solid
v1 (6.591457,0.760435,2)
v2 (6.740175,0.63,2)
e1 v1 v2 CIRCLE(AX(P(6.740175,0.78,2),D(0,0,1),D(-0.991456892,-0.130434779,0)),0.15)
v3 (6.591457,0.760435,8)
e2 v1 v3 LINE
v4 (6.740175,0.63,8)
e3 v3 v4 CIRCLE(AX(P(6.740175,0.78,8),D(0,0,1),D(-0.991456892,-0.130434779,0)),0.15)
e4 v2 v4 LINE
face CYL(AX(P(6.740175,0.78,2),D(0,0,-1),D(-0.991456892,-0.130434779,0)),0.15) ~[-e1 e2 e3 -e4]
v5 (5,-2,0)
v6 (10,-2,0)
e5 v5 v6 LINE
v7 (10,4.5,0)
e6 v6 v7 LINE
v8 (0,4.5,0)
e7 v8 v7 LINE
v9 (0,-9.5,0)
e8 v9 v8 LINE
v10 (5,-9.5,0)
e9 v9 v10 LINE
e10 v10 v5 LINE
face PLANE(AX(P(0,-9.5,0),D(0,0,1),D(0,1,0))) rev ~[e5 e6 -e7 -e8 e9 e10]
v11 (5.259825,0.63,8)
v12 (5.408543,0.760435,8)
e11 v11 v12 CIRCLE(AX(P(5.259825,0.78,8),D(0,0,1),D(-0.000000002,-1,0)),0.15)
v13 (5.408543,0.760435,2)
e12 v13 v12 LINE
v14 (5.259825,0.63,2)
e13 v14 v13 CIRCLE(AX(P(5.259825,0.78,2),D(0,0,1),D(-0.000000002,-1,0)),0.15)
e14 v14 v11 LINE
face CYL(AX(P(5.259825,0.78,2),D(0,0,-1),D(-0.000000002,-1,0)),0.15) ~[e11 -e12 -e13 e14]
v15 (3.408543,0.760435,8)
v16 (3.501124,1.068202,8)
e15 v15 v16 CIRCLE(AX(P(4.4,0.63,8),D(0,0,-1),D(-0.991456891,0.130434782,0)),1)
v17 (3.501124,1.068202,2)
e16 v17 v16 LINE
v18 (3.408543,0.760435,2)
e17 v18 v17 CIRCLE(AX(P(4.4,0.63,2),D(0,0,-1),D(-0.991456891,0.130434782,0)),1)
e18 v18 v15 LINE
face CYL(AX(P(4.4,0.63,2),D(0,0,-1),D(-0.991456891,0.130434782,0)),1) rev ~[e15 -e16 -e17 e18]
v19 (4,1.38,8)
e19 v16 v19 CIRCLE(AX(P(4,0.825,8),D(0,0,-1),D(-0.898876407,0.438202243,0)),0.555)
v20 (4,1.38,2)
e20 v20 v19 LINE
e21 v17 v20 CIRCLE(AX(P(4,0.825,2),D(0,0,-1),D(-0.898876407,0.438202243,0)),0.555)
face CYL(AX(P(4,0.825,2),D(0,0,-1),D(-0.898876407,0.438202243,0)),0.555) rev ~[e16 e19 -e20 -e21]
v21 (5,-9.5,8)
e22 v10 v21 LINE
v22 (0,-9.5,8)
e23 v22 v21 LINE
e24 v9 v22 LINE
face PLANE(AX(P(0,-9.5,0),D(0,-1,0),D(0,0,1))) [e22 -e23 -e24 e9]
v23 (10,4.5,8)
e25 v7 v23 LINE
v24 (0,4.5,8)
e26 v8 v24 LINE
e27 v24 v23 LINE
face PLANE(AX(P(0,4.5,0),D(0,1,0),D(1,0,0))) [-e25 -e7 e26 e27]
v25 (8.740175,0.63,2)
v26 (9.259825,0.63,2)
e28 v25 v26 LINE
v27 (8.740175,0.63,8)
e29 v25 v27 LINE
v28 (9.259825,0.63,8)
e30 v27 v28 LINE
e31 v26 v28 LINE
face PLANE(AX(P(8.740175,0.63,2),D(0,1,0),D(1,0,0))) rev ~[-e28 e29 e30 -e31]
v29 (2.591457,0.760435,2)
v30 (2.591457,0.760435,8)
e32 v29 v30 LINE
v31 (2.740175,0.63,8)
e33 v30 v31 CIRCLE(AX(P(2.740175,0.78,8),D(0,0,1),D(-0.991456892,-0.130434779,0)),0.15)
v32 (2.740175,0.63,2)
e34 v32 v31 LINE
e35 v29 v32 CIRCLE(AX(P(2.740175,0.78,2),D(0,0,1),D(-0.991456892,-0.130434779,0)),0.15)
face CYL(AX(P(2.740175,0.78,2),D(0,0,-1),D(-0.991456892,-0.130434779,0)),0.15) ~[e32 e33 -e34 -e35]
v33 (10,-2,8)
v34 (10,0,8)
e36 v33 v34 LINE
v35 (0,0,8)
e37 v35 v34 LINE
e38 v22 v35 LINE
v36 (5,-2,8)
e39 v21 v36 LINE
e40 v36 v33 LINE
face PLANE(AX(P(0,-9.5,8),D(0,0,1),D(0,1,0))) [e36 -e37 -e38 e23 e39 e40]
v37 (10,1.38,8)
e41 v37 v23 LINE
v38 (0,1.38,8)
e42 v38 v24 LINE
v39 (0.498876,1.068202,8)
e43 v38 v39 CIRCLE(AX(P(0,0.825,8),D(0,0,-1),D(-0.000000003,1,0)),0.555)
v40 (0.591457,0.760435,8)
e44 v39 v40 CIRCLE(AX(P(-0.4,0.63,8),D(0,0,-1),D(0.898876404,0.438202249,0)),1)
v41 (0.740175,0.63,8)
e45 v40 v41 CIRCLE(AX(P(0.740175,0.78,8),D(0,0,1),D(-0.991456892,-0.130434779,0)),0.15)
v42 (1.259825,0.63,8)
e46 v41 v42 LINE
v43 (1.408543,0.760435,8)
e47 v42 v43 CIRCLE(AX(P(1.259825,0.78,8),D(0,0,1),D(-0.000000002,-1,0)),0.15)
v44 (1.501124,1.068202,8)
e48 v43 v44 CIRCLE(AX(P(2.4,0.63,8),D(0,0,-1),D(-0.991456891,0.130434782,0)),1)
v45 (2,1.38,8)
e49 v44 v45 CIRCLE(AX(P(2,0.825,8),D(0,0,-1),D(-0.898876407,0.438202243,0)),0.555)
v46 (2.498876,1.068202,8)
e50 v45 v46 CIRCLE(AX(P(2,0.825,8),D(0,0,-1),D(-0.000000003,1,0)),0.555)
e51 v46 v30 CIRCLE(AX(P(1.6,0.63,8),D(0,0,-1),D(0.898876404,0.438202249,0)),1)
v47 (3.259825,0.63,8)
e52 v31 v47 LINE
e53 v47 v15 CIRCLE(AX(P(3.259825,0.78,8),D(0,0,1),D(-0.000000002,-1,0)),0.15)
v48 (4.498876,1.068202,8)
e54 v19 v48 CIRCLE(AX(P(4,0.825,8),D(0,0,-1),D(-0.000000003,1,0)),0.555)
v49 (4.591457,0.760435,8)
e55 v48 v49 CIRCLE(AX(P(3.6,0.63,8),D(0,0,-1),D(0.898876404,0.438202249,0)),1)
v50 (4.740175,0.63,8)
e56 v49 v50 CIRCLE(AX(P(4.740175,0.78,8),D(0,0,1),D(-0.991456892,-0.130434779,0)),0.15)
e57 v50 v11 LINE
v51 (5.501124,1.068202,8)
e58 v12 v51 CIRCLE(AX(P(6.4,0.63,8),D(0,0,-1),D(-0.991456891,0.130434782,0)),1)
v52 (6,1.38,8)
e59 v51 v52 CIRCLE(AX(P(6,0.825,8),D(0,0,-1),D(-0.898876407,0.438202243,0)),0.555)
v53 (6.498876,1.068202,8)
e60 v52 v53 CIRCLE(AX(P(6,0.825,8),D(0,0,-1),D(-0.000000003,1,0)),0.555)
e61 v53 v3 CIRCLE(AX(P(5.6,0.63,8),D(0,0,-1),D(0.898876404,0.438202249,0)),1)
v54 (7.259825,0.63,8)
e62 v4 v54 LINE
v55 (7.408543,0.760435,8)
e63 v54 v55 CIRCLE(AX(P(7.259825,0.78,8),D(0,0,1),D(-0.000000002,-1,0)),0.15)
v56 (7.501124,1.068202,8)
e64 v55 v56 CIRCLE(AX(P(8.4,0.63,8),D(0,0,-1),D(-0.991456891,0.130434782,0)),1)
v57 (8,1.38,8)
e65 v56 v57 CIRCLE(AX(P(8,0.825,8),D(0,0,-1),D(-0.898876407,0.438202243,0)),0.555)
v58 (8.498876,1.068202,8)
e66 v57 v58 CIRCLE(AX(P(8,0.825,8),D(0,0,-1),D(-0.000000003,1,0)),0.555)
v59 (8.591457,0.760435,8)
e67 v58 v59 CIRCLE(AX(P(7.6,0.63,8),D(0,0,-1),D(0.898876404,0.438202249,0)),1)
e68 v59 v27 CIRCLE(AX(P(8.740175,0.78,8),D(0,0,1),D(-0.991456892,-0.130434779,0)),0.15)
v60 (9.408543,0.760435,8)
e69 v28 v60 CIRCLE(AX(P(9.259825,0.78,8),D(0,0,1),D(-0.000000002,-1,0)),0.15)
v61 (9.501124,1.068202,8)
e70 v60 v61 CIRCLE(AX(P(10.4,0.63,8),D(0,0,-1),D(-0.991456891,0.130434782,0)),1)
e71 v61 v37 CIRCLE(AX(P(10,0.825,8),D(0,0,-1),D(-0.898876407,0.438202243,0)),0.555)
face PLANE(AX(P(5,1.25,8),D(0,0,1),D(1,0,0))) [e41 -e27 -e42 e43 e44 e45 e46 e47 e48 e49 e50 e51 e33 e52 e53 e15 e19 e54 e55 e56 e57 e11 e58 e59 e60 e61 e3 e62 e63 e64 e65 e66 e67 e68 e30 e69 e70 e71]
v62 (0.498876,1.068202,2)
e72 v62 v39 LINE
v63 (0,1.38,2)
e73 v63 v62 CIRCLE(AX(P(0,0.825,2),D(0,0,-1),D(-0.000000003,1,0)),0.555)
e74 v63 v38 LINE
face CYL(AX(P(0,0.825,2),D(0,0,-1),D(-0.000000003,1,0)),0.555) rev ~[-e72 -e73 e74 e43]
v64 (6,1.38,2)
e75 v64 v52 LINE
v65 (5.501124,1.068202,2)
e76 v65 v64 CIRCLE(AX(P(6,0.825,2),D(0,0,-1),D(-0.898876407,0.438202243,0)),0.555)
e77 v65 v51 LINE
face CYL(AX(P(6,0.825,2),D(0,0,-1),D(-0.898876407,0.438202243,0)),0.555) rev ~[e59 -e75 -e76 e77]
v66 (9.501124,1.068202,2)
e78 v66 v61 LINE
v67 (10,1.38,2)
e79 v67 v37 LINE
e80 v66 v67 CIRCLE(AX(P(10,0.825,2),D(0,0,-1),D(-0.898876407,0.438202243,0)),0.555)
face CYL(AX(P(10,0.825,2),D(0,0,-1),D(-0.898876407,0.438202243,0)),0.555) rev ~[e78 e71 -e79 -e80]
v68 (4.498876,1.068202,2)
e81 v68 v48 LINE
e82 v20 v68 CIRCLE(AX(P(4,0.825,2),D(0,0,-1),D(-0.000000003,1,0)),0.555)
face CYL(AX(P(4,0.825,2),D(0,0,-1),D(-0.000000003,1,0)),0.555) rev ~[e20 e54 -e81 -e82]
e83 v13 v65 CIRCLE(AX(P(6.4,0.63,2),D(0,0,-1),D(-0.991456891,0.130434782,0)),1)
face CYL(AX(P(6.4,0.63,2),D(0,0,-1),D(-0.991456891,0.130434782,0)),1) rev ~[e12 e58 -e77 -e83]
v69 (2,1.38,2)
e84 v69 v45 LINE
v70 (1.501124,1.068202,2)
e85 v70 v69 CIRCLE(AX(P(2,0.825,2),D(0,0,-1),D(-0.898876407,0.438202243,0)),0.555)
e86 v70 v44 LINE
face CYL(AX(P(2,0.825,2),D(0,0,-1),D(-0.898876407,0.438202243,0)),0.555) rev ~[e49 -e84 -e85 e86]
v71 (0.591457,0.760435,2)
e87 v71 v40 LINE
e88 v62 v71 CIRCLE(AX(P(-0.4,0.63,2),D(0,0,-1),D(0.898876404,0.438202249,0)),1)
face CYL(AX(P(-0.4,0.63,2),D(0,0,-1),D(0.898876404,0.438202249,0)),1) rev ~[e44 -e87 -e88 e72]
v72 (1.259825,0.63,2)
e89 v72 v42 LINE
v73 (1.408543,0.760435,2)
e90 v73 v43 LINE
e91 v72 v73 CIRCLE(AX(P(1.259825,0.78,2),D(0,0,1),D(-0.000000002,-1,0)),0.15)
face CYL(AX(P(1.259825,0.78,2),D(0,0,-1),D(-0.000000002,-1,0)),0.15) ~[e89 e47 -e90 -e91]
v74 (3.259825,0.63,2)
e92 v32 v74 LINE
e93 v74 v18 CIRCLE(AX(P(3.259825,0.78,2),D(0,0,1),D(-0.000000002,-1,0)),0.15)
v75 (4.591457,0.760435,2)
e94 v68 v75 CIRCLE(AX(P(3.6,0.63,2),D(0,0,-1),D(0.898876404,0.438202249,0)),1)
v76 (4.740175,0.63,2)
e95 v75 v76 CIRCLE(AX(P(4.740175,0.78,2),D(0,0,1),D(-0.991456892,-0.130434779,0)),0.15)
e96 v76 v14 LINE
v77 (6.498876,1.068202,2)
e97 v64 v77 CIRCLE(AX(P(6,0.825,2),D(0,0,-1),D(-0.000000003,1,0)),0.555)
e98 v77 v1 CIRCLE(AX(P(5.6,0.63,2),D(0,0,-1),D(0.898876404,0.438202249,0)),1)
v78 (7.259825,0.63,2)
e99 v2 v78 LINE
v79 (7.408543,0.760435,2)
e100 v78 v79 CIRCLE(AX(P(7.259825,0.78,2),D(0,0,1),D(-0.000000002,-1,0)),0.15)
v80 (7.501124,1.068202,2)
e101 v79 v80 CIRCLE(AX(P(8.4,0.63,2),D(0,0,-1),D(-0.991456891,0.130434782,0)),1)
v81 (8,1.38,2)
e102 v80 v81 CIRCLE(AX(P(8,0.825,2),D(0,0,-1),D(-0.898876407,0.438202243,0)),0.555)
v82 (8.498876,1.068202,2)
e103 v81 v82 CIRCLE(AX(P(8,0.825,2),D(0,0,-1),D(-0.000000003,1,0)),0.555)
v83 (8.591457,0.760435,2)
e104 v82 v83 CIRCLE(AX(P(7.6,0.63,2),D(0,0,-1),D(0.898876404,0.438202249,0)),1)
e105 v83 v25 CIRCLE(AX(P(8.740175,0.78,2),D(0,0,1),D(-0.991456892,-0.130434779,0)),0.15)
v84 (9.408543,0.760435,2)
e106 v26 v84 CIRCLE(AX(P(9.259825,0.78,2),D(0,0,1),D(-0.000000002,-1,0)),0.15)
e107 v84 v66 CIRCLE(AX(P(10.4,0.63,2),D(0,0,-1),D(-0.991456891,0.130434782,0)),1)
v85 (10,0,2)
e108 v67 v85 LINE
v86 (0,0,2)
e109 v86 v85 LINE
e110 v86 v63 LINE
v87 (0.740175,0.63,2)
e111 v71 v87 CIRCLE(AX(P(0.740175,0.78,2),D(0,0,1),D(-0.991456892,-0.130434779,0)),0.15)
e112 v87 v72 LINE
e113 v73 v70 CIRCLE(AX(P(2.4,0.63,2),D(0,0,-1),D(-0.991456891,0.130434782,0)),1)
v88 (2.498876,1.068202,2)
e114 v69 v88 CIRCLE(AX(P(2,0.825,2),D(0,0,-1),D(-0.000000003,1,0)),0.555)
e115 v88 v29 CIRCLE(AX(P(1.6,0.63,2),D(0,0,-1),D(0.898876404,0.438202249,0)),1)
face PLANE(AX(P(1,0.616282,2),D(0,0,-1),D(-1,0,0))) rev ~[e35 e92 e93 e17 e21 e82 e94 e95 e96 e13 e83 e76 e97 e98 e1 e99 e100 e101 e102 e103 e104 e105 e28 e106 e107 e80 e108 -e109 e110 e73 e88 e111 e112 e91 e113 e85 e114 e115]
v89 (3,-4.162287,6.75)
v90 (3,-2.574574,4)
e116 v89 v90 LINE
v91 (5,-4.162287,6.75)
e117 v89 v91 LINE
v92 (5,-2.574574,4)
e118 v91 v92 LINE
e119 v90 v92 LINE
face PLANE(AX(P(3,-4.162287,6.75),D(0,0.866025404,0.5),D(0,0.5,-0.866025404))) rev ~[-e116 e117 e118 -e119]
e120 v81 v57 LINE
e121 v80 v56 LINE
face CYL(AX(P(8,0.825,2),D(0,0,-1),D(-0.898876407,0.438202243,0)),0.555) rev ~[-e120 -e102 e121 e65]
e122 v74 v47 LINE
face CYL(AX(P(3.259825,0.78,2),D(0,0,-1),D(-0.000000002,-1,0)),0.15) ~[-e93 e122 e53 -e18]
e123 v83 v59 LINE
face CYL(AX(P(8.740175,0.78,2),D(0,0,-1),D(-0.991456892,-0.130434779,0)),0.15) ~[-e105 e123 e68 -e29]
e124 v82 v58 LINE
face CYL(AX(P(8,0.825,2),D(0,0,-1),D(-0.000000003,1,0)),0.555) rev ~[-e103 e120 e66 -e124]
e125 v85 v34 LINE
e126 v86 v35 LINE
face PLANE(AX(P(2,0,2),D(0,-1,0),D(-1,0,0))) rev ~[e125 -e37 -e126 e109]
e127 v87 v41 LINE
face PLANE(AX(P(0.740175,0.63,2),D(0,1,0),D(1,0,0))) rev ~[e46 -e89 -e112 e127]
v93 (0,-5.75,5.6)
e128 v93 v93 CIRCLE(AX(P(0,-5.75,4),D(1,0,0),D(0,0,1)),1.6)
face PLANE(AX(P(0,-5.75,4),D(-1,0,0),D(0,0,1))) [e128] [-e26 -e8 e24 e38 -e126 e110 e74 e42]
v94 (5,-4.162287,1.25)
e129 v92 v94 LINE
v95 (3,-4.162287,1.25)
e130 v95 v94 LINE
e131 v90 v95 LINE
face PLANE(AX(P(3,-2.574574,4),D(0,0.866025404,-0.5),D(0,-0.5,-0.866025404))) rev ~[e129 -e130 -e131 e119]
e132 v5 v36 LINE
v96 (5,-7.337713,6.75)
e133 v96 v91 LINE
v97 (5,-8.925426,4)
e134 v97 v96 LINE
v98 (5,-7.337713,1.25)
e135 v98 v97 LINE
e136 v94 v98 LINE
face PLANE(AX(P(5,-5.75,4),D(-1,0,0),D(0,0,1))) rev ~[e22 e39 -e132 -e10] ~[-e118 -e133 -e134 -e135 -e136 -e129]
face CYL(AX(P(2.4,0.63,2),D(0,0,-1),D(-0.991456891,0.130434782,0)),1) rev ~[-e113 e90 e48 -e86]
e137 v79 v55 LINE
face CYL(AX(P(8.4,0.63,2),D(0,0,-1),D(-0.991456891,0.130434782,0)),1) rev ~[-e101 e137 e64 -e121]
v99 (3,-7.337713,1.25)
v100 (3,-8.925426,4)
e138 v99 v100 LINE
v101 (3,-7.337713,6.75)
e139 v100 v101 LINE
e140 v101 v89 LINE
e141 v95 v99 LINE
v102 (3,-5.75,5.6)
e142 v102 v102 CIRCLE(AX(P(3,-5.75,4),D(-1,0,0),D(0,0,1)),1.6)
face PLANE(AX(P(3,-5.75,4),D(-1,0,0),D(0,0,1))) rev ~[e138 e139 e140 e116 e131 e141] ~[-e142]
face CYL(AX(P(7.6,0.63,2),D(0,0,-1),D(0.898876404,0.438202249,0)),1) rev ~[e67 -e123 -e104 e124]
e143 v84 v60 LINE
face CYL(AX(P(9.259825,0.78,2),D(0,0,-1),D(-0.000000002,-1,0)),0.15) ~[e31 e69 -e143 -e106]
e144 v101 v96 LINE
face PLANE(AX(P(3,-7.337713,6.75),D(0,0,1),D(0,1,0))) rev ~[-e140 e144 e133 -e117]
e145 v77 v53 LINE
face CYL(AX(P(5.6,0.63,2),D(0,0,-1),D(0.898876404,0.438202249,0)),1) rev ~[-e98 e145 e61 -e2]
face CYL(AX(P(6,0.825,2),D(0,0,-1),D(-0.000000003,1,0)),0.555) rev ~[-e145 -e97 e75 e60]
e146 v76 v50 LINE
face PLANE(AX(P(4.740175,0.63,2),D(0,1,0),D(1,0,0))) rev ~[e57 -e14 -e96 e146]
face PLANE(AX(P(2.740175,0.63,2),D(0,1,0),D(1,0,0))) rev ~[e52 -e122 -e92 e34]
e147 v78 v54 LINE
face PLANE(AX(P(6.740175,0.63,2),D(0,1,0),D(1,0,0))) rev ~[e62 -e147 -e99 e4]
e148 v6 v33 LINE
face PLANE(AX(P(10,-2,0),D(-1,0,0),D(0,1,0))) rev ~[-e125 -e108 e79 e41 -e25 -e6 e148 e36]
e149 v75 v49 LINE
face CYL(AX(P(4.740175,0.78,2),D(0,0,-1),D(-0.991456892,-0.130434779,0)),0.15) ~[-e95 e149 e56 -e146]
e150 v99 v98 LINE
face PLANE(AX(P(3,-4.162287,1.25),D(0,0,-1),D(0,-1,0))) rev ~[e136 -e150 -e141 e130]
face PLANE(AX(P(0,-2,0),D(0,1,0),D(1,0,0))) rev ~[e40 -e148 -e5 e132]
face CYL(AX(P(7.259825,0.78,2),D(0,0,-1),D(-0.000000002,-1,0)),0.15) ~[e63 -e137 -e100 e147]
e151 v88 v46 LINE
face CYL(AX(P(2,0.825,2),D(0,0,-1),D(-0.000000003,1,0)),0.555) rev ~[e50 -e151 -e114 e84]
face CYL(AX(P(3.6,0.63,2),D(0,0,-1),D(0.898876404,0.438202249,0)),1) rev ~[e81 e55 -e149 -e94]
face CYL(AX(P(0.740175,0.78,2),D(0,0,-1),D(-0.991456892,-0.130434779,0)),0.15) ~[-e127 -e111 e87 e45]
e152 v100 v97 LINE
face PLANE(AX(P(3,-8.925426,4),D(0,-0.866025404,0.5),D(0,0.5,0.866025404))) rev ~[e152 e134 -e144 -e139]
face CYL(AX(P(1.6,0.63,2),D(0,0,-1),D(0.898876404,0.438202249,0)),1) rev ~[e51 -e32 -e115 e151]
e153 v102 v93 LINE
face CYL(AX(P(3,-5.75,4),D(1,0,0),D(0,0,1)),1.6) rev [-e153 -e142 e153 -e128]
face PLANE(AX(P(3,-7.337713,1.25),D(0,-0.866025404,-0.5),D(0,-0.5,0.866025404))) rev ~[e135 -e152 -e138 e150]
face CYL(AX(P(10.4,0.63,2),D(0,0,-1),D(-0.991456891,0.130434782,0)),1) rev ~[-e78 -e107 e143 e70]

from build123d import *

# Parameters (mm, degrees)
SKETCH3_W           = 10
SKETCH3_H           = 6.5
BOSS_EXTRUDE2_DEPTH = 8
CUT_EXTRUDE1_START  = 2
CUT_EXTRUDE1_DEPTH  = 6
LPATTERN2_COUNT     = 7
LPATTERN2_PITCH     = 2
SKETCH4_W           = 8
SKETCH4_H           = 7.5
BOSS_EXTRUDE3_DEPTH = 5
CUT_EXTRUDE2_START  = -3
CUT_EXTRUDE2_DEPTH  = 2
SKETCH6_R           = 1.6
CUT_EXTRUDE3_DEPTH  = 10


with BuildPart() as part:
    # Sketch3 → Boss-Extrude2 (new body)
    with BuildSketch(Plane.XY):
        with Locations((5, 1.25)):
            Rectangle(SKETCH3_W, SKETCH3_H)
    extrude(amount=BOSS_EXTRUDE2_DEPTH)

    # Sketch1 → Cut-Extrude1 (cut)
    with BuildSketch(Plane.XY.offset(CUT_EXTRUDE1_START)):
        with BuildLine():
            Line((0.740175425, 0.63), (1.259824575, 0.63))
            ThreePointArc((1.259824575, 0.63), (1.358731646, 0.667228588), (1.408543109, 0.760434783))
            ThreePointArc((1.408543109, 0.760434783), (1.442388286, 0.918062154), (1.501123596, 1.068202247))
            ThreePointArc((1.501123596, 1.068202247), (1.705850588, 1.295639059), (2, 1.38))
            Line((2, 1.38), (2, 0))
            Line((2, 0), (0, 0))
            Line((0, 0), (0, 1.38))
            ThreePointArc((0, 1.38), (0.294149412, 1.295639059), (0.498876404, 1.068202247))
            ThreePointArc((0.498876404, 1.068202247), (0.557611714, 0.918062154), (0.591456891, 0.760434783))
            ThreePointArc((0.591456891, 0.760434783), (0.641268354, 0.667228588), (0.740175425, 0.63))
        make_face()
    cut_extrude1 = extrude(amount=CUT_EXTRUDE1_DEPTH, mode=Mode.SUBTRACT)

    # LPattern2: Cut-Extrude1 ×7
    with Locations(*[(i * LPATTERN2_PITCH, 0, 0) for i in range(1, LPATTERN2_COUNT)]):
        add(cut_extrude1, mode=Mode.SUBTRACT)

    # Sketch4 → Boss-Extrude3 (add)
    with BuildSketch(Plane.ZY):
        with Locations((4, -5.75)):
            Rectangle(SKETCH4_W, SKETCH4_H)
    extrude(amount=-BOSS_EXTRUDE3_DEPTH)

    # Sketch5 → Cut-Extrude2 (cut)
    with BuildSketch(Plane.ZY.offset(CUT_EXTRUDE2_START)):
        Polygon((1.25, -4.16228676), (1.25, -7.33771324), (4, -8.925426481), (6.75, -7.33771324), (6.75, -4.16228676), (4, -2.574573519), align=None)
    extrude(amount=-CUT_EXTRUDE2_DEPTH, mode=Mode.SUBTRACT)

    # Sketch6 → Cut-Extrude3 (cut)
    with BuildSketch(Plane.ZY.offset(-3)):
        with Locations((4, -5.75)):
            Circle(SKETCH6_R)
    extrude(amount=CUT_EXTRUDE3_DEPTH, mode=Mode.SUBTRACT)


solid = part.part
